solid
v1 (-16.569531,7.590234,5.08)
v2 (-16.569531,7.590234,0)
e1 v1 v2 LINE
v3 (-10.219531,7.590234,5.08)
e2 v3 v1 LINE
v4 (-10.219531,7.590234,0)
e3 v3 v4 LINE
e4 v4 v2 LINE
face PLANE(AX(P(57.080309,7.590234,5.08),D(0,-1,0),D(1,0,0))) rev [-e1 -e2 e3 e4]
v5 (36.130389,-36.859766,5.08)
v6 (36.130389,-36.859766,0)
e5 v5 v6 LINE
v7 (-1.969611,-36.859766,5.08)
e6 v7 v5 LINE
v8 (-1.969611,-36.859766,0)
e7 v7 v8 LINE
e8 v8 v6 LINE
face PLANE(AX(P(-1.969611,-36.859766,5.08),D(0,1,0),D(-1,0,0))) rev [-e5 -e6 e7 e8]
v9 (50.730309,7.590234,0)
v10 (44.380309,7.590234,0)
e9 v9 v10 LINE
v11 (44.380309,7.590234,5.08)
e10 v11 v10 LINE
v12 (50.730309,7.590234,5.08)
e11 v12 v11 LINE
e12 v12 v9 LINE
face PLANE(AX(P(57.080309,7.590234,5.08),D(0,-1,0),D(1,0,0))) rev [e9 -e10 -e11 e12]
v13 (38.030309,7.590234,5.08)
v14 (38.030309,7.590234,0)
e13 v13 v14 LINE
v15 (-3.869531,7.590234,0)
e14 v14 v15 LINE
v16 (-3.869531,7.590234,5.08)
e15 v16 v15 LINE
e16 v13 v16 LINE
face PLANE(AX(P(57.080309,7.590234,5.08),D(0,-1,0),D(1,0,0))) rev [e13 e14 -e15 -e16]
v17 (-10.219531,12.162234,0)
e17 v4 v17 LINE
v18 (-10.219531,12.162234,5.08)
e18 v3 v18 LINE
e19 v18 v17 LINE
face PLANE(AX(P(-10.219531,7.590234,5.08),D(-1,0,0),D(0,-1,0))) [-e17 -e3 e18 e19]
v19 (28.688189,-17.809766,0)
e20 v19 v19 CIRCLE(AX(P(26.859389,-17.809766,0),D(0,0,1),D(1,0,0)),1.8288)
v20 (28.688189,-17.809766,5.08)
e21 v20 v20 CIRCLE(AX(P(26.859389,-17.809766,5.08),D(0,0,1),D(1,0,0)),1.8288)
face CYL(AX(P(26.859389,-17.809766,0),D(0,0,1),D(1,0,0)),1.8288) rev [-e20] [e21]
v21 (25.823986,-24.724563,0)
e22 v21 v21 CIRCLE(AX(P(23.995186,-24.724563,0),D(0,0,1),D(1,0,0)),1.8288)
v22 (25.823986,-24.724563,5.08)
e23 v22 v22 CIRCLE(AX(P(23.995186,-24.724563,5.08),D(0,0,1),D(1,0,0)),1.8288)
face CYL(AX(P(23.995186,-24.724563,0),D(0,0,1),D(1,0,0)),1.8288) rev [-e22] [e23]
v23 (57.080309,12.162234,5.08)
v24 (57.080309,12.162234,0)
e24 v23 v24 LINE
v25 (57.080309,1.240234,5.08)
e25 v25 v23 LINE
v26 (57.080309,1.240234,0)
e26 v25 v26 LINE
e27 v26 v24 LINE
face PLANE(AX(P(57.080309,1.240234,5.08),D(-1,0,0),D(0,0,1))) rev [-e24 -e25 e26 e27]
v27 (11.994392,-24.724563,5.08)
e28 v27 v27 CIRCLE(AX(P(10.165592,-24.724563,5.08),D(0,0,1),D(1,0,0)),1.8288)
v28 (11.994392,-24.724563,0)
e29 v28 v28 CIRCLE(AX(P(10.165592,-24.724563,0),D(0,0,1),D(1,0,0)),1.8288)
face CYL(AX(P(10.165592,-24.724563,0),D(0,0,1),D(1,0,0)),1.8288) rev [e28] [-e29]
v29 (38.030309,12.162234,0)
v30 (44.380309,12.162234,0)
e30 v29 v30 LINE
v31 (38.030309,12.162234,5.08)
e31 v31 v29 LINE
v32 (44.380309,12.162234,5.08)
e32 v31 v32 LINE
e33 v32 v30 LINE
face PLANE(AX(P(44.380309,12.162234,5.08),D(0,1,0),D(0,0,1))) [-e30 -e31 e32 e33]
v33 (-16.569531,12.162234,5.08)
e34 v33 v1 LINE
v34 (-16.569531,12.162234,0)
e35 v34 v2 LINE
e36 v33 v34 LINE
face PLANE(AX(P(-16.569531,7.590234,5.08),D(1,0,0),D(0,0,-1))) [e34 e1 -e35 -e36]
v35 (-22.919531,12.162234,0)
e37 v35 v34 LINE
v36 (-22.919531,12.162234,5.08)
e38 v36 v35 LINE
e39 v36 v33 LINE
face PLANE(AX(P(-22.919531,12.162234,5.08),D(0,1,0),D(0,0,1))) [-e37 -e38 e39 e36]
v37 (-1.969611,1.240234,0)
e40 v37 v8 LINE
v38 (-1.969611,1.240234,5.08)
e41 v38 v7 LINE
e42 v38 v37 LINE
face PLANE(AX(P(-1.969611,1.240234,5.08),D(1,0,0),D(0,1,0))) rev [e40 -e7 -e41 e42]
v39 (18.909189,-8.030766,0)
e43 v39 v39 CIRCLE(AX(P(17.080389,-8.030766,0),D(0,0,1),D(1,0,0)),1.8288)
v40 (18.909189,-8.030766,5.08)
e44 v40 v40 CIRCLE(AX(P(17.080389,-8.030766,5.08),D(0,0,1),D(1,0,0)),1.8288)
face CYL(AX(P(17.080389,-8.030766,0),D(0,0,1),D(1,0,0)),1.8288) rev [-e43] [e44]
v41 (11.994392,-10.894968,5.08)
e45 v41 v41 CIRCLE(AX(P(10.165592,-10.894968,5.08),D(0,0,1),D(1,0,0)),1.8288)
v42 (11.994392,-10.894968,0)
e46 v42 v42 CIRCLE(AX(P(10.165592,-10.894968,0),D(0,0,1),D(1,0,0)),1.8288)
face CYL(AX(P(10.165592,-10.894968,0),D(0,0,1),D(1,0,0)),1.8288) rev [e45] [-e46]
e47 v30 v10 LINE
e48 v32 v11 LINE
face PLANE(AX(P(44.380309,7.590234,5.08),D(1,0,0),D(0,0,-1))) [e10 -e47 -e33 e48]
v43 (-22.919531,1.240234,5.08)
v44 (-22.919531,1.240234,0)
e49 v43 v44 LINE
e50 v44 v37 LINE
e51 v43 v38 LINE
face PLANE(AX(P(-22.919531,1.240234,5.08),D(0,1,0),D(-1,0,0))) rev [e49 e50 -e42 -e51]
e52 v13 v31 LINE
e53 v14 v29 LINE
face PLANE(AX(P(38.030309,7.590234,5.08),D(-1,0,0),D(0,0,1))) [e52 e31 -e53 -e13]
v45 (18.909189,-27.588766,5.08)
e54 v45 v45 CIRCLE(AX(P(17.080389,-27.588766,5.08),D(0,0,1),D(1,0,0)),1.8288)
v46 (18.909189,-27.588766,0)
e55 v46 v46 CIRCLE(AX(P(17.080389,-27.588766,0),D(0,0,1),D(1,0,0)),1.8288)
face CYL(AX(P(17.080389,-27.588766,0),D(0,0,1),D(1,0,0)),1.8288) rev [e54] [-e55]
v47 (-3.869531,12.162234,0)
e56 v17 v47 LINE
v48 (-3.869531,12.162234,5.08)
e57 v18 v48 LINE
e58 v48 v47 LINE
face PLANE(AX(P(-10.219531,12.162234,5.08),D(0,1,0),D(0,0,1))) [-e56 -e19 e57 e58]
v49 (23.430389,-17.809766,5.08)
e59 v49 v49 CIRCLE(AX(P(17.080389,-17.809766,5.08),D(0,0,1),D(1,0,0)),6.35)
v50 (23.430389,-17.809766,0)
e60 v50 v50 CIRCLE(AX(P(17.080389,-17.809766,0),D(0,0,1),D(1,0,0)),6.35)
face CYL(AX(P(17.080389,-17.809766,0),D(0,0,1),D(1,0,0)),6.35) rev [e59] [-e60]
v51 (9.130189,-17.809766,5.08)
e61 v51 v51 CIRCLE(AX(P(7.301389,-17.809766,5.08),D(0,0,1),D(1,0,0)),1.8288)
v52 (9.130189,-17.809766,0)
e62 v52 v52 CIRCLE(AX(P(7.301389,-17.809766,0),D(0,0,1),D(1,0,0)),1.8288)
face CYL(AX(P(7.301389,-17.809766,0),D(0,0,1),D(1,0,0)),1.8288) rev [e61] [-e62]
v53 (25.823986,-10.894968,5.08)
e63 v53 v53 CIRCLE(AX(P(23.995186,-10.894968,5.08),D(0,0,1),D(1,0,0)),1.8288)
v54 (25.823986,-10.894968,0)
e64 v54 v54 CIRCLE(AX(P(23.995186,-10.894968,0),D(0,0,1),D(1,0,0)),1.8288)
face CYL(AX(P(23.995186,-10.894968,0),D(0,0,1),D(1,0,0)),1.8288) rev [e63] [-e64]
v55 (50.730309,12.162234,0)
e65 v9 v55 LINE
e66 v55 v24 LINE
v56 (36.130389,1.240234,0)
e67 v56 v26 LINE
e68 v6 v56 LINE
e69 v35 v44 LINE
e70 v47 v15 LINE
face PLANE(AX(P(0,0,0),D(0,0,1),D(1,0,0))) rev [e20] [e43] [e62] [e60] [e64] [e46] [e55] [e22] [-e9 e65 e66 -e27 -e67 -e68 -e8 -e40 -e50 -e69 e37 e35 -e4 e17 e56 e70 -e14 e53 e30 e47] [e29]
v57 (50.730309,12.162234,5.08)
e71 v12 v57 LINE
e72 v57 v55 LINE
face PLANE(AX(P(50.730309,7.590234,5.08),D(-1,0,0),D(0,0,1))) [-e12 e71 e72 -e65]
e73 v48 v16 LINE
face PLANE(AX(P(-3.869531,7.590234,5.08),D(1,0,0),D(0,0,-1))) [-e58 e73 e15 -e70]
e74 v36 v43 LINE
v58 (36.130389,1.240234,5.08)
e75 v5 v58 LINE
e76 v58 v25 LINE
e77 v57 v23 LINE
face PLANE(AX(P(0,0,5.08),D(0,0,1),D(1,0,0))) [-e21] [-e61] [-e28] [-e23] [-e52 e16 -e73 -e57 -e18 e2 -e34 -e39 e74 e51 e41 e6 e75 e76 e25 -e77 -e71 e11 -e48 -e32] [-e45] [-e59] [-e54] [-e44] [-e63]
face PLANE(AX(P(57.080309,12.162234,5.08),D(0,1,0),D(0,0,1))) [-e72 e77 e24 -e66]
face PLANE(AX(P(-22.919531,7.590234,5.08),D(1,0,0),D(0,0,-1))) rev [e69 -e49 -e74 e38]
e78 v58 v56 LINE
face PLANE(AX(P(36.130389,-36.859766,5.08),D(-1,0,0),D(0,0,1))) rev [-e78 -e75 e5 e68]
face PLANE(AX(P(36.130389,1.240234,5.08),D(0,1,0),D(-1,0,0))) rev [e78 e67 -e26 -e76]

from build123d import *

# Parameters (mm, degrees)
BOSS_EXTRUDE1_DEPTH = 5.08
SKETCH3_W           = 6.35
SKETCH3_H           = 4.572
BOSS_EXTRUDE2_DEPTH = 5.08
SKETCH4_R           = 6.35
SKETCH4_R_2         = 1.8288
CUT_EXTRUDE1_DEPTH  = 5.08
SKETCH5_W           = 29.19984
SKETCH5_H           = 4.572
CUT_EXTRUDE2_DEPTH  = 5.08


with BuildPart() as part:
    # Sketch1 → Boss-Extrude1 (new body)
    with BuildSketch(Plane.XY):
        Polygon((-22.91953125, 7.590234375), (-22.91953125, 1.240234375), (-1.96961125, 1.240234375), (-1.96961125, -36.859765625), (36.13038875, -36.859765625), (36.13038875, 1.240234375), (57.08030875, 1.240234375), (57.08030875, 7.590234375), align=None)
    extrude(amount=BOSS_EXTRUDE1_DEPTH)

    # Sketch3 → Boss-Extrude2 (add)
    with BuildSketch(Plane(origin=(0, 0, 0), x_dir=(-1, 0, 0), z_dir=(0, 0, -1))):
        with Locations((19.74453125, 9.876234375)):
            Rectangle(SKETCH3_W, SKETCH3_H)
        with Locations((7.04453125, 9.876234375)):
            Rectangle(SKETCH3_W, SKETCH3_H)
        with Locations((-5.65546875, 9.876234375)):
            Rectangle(SKETCH3_W, SKETCH3_H)
        with Locations((-28.50530875, 9.876234375)):
            Rectangle(SKETCH3_W, SKETCH3_H)
        with Locations((-41.20530875, 9.876234375)):
            Rectangle(SKETCH3_W, SKETCH3_H)
        with Locations((-53.90530875, 9.876234375)):
            Rectangle(SKETCH3_W, SKETCH3_H)
    extrude(amount=-BOSS_EXTRUDE2_DEPTH)

    # Sketch4 → Cut-Extrude1 (cut)
    with BuildSketch(Plane.XY.offset(5.08)):
        with Locations((17.08038875, -17.809765625)):
            Circle(SKETCH4_R)
        with Locations((7.30138875, -17.809765625)):
            Circle(SKETCH4_R_2)
        with Locations((10.165591537, -10.894968412)):
            Circle(SKETCH4_R_2)
        with Locations((17.08038875, -8.030765625)):
            Circle(SKETCH4_R_2)
        with Locations((23.995185963, -10.894968412)):
            Circle(SKETCH4_R_2)
        with Locations((26.85938875, -17.809765625)):
            Circle(SKETCH4_R_2)
        with Locations((23.995185963, -24.724562838)):
            Circle(SKETCH4_R_2)
        with Locations((17.08038875, -27.588765625)):
            Circle(SKETCH4_R_2)
        with Locations((10.165591537, -24.724562838)):
            Circle(SKETCH4_R_2)
    extrude(amount=-CUT_EXTRUDE1_DEPTH, mode=Mode.SUBTRACT)

    # Sketch5 → Cut-Extrude2 (cut)
    with BuildSketch(Plane.XY.offset(5.08)):
        with Locations((17.08038875, 9.876234375)):
            Rectangle(SKETCH5_W, SKETCH5_H)
    extrude(amount=-CUT_EXTRUDE2_DEPTH, mode=Mode.SUBTRACT)


solid = part.part
